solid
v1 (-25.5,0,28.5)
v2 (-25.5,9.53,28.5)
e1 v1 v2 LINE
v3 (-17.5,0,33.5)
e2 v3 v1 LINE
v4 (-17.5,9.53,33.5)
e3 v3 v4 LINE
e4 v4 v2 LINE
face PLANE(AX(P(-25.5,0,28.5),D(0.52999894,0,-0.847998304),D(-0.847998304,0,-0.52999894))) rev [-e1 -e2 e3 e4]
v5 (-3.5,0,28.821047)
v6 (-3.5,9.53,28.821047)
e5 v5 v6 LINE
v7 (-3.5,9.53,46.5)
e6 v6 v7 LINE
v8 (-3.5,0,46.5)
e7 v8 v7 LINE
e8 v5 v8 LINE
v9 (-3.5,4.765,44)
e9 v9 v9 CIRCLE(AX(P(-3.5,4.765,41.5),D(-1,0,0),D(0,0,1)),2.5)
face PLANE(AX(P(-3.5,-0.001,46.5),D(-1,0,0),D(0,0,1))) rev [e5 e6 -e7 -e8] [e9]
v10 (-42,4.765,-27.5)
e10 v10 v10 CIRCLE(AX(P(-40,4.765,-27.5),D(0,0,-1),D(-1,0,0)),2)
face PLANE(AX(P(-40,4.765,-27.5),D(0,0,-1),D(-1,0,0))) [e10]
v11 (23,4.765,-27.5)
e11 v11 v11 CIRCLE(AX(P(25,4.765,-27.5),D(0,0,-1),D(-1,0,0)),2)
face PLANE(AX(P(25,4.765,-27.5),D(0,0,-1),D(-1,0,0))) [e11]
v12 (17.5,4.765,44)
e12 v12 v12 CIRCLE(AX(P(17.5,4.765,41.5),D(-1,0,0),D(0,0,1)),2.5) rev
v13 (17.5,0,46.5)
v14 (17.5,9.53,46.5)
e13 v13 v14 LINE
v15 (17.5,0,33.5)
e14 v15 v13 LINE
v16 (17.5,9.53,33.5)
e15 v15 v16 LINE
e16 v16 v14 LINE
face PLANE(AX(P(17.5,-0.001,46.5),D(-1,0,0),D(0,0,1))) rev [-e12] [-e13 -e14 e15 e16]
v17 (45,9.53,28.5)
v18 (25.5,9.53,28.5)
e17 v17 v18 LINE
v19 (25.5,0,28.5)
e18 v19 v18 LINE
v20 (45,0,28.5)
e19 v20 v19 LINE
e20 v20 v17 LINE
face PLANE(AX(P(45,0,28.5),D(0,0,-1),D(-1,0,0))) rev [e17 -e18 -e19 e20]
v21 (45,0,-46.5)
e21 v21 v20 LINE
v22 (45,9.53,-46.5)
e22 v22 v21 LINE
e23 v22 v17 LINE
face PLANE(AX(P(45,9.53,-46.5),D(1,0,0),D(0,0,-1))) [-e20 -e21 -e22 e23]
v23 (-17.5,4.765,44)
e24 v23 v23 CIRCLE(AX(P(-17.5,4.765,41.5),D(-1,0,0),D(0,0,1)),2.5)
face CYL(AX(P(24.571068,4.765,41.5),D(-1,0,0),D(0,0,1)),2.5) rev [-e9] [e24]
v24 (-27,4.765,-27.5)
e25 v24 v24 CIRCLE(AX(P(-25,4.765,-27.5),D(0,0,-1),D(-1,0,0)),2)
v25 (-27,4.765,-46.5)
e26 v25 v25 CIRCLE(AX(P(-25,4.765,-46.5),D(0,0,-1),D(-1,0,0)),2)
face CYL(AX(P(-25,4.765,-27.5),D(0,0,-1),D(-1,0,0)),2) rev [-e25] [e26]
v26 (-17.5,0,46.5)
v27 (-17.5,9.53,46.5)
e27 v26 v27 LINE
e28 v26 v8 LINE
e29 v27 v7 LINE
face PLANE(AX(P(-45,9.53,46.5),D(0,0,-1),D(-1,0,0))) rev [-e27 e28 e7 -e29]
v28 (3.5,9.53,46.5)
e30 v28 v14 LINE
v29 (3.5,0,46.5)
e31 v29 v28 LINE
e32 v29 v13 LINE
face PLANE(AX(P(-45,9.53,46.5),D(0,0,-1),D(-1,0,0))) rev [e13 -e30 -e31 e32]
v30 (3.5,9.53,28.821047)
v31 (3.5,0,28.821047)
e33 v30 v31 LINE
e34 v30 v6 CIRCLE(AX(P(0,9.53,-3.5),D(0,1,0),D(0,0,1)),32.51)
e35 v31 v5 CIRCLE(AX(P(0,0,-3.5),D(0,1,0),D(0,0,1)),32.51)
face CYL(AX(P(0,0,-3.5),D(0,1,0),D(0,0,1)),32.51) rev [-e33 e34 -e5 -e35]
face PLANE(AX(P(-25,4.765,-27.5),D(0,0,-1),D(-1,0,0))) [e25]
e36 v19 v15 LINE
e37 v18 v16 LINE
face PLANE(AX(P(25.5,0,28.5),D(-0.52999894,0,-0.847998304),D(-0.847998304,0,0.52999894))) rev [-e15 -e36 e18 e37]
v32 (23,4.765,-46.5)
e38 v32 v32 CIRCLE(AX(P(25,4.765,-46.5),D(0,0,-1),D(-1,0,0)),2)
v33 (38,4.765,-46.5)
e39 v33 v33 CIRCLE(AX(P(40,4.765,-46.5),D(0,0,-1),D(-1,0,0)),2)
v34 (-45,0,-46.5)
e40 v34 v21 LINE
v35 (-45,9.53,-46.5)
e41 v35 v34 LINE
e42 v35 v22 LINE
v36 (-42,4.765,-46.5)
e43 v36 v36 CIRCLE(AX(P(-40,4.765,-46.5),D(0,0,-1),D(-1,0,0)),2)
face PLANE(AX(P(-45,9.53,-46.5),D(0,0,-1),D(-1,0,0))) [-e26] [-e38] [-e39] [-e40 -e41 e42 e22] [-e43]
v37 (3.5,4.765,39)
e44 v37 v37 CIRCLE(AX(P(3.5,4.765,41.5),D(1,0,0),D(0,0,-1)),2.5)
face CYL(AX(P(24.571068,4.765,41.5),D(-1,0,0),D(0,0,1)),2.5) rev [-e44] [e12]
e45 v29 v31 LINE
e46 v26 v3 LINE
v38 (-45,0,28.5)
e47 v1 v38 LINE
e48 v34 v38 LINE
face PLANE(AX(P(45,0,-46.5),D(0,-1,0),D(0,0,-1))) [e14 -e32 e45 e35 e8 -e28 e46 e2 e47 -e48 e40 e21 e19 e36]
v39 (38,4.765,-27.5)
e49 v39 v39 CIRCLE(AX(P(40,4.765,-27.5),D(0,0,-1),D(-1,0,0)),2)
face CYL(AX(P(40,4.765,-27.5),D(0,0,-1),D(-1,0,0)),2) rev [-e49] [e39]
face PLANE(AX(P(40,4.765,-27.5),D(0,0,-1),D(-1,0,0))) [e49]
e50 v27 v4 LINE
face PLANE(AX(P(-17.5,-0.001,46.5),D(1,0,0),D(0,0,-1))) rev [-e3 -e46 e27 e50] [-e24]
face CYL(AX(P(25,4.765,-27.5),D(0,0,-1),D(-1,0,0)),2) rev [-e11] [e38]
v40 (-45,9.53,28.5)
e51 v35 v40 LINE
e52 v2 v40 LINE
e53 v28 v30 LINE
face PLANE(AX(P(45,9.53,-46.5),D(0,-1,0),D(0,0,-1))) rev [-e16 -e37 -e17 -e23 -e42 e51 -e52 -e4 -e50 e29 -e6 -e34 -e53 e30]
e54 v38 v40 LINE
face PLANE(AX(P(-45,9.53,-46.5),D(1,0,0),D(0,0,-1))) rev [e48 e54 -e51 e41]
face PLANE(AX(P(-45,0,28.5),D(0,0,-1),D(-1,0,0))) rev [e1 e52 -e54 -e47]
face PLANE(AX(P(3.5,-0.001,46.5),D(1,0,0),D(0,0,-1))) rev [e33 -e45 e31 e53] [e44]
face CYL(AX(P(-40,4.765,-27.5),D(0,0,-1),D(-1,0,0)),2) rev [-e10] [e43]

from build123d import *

# Parameters (mm, degrees)
ESBO_O1_W                = 90
ESBO_O1_H                = 93
RESSALTO_EXTRUS_O1_DEPTH = 9.53
ESBO_O3_R                = 32.51
CORTE_EXTRUS_O2_DEPTH    = 66.406963697
ESBO_O2_R                = 2
CORTE_EXTRUS_O1_DEPTH    = 19
CORTE_EXTRUS_O4_REACH    = 67.407
ESBO_O5_W                = 27.5
ESBO_O5_H                = 13
CORTE_EXTRUS_O5_REACH    = 67.407
ESBO_O6_W                = 7
ESBO_O6_H                = 26.329700269
CORTE_EXTRUS_O6_REACH    = 80.481
ESBO_O7_R                = 2.5
CORTE_EXTRUS_O8_DEPTH    = 66.406963697


with BuildPart() as part:
    # Esboço1 → Ressalto-extrusão1 (new body)
    with BuildSketch(Plane(origin=(0, 0, 0), x_dir=(1, 0, 0), z_dir=(0, 1, 0))):
        Rectangle(ESBO_O1_W, ESBO_O1_H)
    extrude(amount=RESSALTO_EXTRUS_O1_DEPTH)

    # Esboço3 → Corte-extrusão2 (cut, through all)
    with BuildSketch(Plane(origin=(0, 9.53, 0), x_dir=(1, 0, 0), z_dir=(0, 1, 0))):
        with Locations(Location((0, 3.5, 0), (0, 0, 270))):
            Circle(ESBO_O3_R)
    extrude(amount=-CORTE_EXTRUS_O2_DEPTH, mode=Mode.SUBTRACT)

    # Esboço2 → Corte-extrusão1 (cut)
    with BuildSketch(Plane(origin=(0, 0, -46.5), x_dir=(-1, 0, 0), z_dir=(0, 0, -1))):
        with Locations((-40, 4.765)):
            Circle(ESBO_O2_R)
        with Locations((-25, 4.765)):
            Circle(ESBO_O2_R)
        with Locations((25, 4.765)):
            Circle(ESBO_O2_R)
        with Locations((40, 4.765)):
            Circle(ESBO_O2_R)
    extrude(amount=-CORTE_EXTRUS_O1_DEPTH, mode=Mode.SUBTRACT)

    # Esboço5 → Corte-extrusão4 (cut, up to next)
    with BuildSketch(Plane(origin=(0, 9.53, 0), x_dir=(1, 0, 0), z_dir=(0, 1, 0)), mode=Mode.PRIVATE) as corte_extrus_o4_sk1:
        with Locations((31.25, -40)):
            Rectangle(ESBO_O5_W, ESBO_O5_H)
    corte_extrus_o4_tool1 = extrude(corte_extrus_o4_sk1.sketch, amount=-CORTE_EXTRUS_O4_REACH, mode=Mode.PRIVATE) & part.part
    # Esboço5 → Corte-extrusão4 (cut, up to next)
    with BuildSketch(Plane(origin=(0, 9.53, 0), x_dir=(1, 0, 0), z_dir=(0, 1, 0)), mode=Mode.PRIVATE) as corte_extrus_o4_sk2:
        with Locations((-31.25, -40)):
            Rectangle(ESBO_O5_W, ESBO_O5_H)
    corte_extrus_o4_tool2 = extrude(corte_extrus_o4_sk2.sketch, amount=-CORTE_EXTRUS_O4_REACH, mode=Mode.PRIVATE) & part.part
    add(corte_extrus_o4_tool1.solids().sort_by_distance((31.25, 9.53, 40))[0], mode=Mode.SUBTRACT)
    add(corte_extrus_o4_tool2.solids().sort_by_distance((-31.25, 9.53, 40))[0], mode=Mode.SUBTRACT)

    # Esboço6 → Corte-extrusão5 (cut, up to next)
    with BuildSketch(Plane(origin=(0, 9.53, 0), x_dir=(1, 0, 0), z_dir=(0, 1, 0)), mode=Mode.PRIVATE) as corte_extrus_o5_sk1:
        with Locations((0, -33.335149866)):
            Rectangle(ESBO_O6_W, ESBO_O6_H)
    corte_extrus_o5_tool1 = extrude(corte_extrus_o5_sk1.sketch, amount=-CORTE_EXTRUS_O5_REACH, mode=Mode.PRIVATE) & part.part
    add(corte_extrus_o5_tool1.solids().sort_by_distance((0, 9.53, 33.33515))[0], mode=Mode.SUBTRACT)

    # Corte-extrusão6: up to this face of the body (flat: up to its plane)
    corte_extrus_o6_end = Plane(part.part.faces().sort_by_distance((17.5, 4.765, 40))[0])
    # Esboço7 → Corte-extrusão6 (cut, up to the picked face)
    with BuildSketch(Plane.ZY.offset(17.5), mode=Mode.PRIVATE) as corte_extrus_o6_sk1:
        with Locations((41.5, 4.765)):
            Circle(ESBO_O7_R)
    corte_extrus_o6_tool1 = split(extrude(corte_extrus_o6_sk1.sketch, amount=-CORTE_EXTRUS_O6_REACH, mode=Mode.PRIVATE), bisect_by=corte_extrus_o6_end, keep=Keep.BOTH, mode=Mode.PRIVATE)
    add(corte_extrus_o6_tool1.solids().sort_by(Axis((-17.5, 4.765, 41.5), (1, 0, 0)))[0], mode=Mode.SUBTRACT)

    # Esboço9 → Corte-extrusão8 (cut, through all)
    with BuildSketch(Plane(origin=(0, 9.53, 0), x_dir=(-1, 0, 0), z_dir=(0, 1, 0))):
        Polygon((45, 28.5), (25.5, 28.5), (17.5, 33.5), (45, 33.5), align=None)
        Polygon((-25.5, 28.5), (-17.5, 33.5), (-45, 33.5), (-45, 28.5), align=None)
    extrude(amount=-CORTE_EXTRUS_O8_DEPTH, mode=Mode.SUBTRACT)


solid = part.part
